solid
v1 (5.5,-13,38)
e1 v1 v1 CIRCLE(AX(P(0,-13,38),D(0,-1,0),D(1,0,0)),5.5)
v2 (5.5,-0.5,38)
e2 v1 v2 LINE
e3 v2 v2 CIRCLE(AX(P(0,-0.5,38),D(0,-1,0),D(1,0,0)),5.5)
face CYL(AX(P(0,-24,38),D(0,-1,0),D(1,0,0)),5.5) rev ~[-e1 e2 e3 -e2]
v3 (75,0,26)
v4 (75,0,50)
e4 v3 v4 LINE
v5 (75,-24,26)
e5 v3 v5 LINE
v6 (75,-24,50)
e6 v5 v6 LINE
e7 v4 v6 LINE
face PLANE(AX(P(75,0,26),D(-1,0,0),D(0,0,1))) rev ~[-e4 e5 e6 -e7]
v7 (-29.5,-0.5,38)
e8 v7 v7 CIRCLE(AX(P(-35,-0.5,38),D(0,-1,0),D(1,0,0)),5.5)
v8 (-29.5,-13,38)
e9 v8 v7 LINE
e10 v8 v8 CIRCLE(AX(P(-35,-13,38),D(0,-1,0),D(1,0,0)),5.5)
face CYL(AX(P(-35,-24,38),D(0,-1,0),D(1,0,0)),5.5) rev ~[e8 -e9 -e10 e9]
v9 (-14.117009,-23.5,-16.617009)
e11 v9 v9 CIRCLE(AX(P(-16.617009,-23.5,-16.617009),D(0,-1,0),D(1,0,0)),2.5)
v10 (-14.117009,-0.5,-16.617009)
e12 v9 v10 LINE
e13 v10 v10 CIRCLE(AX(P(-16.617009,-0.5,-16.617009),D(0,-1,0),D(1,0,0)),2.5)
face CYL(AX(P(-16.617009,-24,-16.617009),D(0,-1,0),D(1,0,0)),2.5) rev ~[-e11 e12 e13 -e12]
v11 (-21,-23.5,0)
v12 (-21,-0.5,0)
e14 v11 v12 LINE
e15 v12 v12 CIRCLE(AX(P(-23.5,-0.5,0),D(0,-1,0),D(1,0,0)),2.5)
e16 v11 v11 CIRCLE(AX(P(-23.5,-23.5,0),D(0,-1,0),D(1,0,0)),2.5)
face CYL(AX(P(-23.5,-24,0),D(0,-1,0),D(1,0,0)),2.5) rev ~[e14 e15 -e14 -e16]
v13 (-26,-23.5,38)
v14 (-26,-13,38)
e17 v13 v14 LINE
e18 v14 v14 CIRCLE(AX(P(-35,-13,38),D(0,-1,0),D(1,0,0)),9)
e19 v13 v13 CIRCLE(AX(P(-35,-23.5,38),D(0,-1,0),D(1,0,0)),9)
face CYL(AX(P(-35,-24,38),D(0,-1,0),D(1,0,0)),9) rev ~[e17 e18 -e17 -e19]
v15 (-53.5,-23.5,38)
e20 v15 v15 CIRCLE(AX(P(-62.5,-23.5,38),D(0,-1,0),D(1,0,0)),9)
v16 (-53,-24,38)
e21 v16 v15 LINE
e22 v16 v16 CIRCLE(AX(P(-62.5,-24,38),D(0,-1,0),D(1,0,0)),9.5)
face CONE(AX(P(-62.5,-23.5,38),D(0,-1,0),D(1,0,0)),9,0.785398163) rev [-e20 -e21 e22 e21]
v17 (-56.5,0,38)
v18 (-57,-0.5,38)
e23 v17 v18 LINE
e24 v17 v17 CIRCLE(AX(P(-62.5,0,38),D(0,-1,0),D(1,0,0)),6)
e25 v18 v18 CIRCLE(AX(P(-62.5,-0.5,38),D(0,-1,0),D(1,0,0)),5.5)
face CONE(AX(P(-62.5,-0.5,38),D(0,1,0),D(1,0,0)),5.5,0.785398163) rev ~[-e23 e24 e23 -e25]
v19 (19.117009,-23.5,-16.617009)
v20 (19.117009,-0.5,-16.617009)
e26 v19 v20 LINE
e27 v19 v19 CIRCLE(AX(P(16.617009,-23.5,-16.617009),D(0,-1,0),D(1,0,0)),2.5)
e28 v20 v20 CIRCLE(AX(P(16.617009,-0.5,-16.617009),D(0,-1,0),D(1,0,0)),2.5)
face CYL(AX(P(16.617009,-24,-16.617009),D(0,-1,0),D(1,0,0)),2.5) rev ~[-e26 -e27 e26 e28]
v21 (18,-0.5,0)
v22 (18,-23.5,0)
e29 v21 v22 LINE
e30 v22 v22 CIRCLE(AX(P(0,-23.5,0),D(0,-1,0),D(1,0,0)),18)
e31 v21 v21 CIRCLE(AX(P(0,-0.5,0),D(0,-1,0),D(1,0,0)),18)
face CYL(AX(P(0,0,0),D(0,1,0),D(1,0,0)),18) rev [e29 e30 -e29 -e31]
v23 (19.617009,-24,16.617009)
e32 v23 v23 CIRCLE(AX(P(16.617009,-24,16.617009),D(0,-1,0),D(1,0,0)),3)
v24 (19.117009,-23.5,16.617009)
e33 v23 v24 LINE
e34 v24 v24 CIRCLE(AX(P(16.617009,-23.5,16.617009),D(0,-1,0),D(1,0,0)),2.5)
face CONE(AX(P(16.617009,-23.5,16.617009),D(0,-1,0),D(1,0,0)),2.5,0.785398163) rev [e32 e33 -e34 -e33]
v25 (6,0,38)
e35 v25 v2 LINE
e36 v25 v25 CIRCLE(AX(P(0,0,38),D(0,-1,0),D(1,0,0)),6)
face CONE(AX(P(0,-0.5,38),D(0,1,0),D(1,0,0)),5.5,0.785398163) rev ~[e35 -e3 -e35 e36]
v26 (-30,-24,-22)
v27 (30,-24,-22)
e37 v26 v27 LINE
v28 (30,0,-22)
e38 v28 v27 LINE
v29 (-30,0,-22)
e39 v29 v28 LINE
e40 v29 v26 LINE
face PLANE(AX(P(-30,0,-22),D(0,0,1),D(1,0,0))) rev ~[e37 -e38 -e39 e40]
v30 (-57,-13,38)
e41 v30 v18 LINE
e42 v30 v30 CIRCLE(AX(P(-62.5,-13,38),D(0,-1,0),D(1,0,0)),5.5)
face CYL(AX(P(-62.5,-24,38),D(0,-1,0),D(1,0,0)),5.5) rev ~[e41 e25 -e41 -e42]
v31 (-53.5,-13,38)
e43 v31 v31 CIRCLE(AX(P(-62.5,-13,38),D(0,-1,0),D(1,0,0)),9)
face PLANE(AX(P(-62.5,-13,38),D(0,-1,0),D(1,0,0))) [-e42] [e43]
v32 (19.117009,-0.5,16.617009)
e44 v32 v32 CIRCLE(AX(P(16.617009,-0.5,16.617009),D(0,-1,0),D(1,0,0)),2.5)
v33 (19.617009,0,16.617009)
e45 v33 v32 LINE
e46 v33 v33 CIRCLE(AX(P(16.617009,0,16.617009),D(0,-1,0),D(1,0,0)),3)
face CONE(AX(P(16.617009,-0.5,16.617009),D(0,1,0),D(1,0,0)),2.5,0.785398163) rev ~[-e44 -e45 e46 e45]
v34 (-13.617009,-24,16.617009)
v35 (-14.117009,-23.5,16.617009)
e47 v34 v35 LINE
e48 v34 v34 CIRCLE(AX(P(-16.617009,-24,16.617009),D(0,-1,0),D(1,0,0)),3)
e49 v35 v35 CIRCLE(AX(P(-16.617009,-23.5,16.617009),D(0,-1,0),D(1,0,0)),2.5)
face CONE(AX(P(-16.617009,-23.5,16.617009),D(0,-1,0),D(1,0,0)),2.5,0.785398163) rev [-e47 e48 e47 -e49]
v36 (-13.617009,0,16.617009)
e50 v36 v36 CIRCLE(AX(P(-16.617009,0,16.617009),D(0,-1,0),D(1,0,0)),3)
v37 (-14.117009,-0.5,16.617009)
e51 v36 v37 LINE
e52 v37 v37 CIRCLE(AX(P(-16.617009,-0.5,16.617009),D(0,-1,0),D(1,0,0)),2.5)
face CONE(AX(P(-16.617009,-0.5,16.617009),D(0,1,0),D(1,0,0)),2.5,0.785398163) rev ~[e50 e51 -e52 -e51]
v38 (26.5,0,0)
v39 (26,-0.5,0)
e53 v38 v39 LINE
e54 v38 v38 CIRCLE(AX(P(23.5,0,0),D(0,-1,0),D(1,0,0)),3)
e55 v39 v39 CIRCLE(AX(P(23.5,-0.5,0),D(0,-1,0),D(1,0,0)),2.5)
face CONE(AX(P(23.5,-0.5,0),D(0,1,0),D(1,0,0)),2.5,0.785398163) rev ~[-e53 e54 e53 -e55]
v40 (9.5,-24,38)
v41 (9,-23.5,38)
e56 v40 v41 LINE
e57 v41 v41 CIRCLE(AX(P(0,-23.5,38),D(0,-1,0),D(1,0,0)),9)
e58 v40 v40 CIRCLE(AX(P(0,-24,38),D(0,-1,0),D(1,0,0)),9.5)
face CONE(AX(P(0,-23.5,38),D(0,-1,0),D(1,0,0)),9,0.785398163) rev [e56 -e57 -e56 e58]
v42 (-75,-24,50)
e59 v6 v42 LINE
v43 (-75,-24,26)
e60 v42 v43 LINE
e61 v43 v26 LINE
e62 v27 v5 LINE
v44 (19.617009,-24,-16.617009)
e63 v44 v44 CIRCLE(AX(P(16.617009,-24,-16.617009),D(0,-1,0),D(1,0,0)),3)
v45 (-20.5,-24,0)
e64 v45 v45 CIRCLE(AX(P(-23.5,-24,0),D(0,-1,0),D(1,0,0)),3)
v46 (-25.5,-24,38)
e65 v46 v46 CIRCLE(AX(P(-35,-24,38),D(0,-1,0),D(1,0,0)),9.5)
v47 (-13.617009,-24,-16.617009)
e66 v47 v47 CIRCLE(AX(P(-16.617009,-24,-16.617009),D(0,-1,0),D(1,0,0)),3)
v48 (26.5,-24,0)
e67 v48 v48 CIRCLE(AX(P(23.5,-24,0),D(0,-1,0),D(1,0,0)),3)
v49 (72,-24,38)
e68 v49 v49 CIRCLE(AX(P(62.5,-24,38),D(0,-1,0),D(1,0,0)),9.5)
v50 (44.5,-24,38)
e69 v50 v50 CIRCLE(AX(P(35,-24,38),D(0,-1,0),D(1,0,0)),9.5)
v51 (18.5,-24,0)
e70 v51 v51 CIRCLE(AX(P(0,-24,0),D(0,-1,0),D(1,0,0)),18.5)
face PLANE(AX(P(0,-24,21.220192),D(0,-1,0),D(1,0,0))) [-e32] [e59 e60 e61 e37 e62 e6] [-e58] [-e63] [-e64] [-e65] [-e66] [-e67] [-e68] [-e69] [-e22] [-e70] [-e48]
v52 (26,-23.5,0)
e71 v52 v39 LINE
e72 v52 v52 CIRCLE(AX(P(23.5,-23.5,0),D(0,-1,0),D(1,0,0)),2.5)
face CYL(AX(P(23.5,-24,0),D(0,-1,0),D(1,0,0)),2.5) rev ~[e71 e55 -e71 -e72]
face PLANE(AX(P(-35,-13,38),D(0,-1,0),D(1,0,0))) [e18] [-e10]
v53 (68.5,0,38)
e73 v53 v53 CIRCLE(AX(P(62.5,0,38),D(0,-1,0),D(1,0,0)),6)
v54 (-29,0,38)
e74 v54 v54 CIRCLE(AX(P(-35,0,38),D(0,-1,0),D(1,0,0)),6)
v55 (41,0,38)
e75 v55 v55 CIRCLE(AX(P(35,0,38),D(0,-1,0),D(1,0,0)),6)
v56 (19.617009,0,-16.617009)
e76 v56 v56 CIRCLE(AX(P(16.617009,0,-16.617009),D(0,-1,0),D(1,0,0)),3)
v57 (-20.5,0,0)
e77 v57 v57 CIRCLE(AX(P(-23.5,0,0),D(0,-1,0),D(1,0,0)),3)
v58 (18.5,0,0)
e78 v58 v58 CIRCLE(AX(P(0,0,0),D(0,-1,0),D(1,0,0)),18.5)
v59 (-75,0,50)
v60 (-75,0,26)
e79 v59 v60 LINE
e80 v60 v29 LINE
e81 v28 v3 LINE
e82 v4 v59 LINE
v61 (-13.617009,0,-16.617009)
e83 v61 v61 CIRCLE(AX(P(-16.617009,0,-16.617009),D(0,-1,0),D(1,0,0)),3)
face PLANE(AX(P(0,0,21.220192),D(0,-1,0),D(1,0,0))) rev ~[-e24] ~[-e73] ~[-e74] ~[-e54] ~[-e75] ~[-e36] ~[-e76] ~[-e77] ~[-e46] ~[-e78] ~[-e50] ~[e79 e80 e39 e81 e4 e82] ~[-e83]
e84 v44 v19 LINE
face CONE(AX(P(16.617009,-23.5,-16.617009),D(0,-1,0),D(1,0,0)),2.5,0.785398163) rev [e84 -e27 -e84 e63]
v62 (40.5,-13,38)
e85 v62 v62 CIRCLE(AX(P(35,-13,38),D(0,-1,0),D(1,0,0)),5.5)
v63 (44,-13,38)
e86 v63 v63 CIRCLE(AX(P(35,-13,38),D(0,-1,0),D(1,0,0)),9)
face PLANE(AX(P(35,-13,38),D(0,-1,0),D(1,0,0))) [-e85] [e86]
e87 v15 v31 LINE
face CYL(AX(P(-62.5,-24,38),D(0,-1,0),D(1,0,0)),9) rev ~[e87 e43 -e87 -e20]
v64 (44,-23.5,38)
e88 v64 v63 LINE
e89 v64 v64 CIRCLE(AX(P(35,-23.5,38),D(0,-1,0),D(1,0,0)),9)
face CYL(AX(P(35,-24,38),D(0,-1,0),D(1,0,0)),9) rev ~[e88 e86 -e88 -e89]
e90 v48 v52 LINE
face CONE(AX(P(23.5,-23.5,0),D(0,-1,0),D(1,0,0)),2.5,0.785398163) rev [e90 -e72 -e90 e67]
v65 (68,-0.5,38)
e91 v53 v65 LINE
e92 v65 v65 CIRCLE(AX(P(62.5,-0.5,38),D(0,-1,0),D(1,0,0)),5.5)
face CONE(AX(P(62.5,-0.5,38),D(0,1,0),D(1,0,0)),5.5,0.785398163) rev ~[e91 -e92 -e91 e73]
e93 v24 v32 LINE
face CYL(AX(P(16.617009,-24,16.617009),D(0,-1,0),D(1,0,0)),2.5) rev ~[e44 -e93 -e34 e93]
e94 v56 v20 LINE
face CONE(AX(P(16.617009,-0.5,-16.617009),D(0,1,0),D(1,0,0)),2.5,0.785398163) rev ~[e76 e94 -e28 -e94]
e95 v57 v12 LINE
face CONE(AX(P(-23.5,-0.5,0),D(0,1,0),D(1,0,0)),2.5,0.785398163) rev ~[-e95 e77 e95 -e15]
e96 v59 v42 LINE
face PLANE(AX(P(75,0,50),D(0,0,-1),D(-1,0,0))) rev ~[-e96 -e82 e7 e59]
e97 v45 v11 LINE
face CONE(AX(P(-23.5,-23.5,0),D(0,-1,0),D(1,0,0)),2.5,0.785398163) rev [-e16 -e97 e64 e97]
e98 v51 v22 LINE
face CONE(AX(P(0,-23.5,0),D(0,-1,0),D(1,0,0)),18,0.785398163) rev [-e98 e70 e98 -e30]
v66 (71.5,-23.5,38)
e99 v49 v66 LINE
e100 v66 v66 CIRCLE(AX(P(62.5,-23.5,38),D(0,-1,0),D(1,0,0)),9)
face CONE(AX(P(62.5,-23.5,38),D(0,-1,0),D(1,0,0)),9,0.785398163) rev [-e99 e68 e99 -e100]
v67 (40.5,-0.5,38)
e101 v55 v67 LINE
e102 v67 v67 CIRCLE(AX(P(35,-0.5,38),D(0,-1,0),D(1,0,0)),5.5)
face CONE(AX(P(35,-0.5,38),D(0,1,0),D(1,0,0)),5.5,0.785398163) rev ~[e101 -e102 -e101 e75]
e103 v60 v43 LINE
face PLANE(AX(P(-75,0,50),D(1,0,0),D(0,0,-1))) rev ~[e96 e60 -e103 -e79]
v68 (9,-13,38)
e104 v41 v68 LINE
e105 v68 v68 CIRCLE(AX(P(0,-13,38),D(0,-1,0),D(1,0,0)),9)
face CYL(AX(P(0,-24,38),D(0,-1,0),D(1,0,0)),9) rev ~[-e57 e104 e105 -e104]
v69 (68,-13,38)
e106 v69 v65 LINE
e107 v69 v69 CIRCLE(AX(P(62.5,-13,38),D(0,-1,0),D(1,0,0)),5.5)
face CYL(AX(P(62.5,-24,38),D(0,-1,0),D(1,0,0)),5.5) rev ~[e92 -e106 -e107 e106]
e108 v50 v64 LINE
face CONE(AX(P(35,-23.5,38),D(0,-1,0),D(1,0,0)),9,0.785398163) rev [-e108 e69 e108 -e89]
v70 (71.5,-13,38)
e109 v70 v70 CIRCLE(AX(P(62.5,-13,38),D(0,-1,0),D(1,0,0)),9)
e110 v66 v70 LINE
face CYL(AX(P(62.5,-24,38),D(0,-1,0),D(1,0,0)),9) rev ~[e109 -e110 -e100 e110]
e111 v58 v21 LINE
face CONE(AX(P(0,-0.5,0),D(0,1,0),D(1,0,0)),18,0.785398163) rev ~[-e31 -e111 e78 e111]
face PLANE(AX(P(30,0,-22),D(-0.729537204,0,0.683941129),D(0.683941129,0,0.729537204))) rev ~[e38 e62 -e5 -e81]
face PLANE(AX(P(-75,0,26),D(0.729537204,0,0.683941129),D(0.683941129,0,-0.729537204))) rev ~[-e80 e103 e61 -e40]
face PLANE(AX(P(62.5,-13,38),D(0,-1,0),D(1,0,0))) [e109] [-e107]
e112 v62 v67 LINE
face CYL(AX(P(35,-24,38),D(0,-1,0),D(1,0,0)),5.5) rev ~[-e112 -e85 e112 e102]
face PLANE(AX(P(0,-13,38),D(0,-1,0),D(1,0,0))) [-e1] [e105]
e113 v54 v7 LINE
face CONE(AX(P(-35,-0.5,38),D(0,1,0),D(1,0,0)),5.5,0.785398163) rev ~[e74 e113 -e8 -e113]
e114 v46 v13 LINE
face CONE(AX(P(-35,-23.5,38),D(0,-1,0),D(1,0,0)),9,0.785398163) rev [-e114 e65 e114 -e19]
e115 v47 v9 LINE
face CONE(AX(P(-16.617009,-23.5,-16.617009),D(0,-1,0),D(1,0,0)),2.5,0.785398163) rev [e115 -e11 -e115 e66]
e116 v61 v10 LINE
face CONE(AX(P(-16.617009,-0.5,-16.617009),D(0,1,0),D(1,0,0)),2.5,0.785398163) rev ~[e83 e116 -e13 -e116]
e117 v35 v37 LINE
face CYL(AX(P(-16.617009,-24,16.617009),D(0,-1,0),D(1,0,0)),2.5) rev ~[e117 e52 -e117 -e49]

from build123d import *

# Parameters (mm, degrees)
F0_R     = 18
F1_DEPTH = 24
F2_R     = 2.5
F2_R_2   = 5.5
F3_DEPTH = 25
F4_R     = 9
F5_DEPTH = 11
F6_SIZE  = 0.5


with BuildPart() as f1:
    # F0 (on Front) → F1 (new body)
    with BuildSketch(Plane.XZ):
        Polygon((-30, -22), (30, -22), (75, 26), (75, 50), (0, 50), (-75, 50), (-75, 26), align=None)
        Circle(F0_R, mode=Mode.SUBTRACT)
    extrude(amount=F1_DEPTH)

    # F2 (on face) → F3 (cut)
    with BuildSketch(Plane.XZ.offset(24)):
        with Locations((-23.5, 0)):
            Circle(F2_R)
        with Locations((-16.617009, -16.617009)):
            Circle(F2_R)
        with Locations((16.617009, -16.617009)):
            Circle(F2_R)
        with Locations((23.5, 0)):
            Circle(F2_R)
        with Locations((16.617009, 16.617009)):
            Circle(F2_R)
        with Locations((-16.617009, 16.617009)):
            Circle(F2_R)
        with Locations((-62.5, 38)):
            Circle(F2_R_2)
        with Locations((-35, 38)):
            Circle(F2_R_2)
        with Locations((35, 38)):
            Circle(F2_R_2)
        with Locations((62.5, 38)):
            Circle(F2_R_2)
        with Locations((0, 38)):
            Circle(F2_R_2)
    extrude(amount=-F3_DEPTH, mode=Mode.SUBTRACT)

    # F4 (on face) → F5 (cut)
    with BuildSketch(Plane.XZ.offset(24)):
        with Locations((-62.5, 38)):
            Circle(F4_R)
        with Locations((-35, 38)):
            Circle(F4_R)
        with Locations((62.5, 38)):
            Circle(F4_R)
        with Locations((35, 38)):
            Circle(F4_R)
        with Locations((0, 38)):
            Circle(F4_R)
    extrude(amount=-F5_DEPTH, mode=Mode.SUBTRACT)

    # F6
    f6_edges = [f1.edges().sort_by_distance(p)[0] for p in [
        (-71.5, -24, 38),
        (-44, -24, 38),
        (-19.117009, -24, 16.617009),
        (-26, -24, 0),
        (-19.117009, -24, -16.617009),
        (-18, -24, 0),
        (14.117009, -24, 16.617009),
        (26, -24, 38),
        (53.5, -24, 38),
        (21, -24, 0),
        (14.117009, -24, -16.617009),
        (-68, 0, 38),
        (-40.5, 0, 38),
        (-19.117009, 0, 16.617009),
        (-26, 0, 0),
        (-19.117009, 0, -16.617009),
        (-18, 0, 0),
        (14.117009, 0, -16.617009),
        (21, 0, 0),
        (14.117009, 0, 16.617009),
        (29.5, 0, 38),
        (57, 0, 38),
        (-9, -24, 38),
        (-5.5, 0, 38),
    ]]
    chamfer(f6_edges, length=F6_SIZE)


solid = f1.part
